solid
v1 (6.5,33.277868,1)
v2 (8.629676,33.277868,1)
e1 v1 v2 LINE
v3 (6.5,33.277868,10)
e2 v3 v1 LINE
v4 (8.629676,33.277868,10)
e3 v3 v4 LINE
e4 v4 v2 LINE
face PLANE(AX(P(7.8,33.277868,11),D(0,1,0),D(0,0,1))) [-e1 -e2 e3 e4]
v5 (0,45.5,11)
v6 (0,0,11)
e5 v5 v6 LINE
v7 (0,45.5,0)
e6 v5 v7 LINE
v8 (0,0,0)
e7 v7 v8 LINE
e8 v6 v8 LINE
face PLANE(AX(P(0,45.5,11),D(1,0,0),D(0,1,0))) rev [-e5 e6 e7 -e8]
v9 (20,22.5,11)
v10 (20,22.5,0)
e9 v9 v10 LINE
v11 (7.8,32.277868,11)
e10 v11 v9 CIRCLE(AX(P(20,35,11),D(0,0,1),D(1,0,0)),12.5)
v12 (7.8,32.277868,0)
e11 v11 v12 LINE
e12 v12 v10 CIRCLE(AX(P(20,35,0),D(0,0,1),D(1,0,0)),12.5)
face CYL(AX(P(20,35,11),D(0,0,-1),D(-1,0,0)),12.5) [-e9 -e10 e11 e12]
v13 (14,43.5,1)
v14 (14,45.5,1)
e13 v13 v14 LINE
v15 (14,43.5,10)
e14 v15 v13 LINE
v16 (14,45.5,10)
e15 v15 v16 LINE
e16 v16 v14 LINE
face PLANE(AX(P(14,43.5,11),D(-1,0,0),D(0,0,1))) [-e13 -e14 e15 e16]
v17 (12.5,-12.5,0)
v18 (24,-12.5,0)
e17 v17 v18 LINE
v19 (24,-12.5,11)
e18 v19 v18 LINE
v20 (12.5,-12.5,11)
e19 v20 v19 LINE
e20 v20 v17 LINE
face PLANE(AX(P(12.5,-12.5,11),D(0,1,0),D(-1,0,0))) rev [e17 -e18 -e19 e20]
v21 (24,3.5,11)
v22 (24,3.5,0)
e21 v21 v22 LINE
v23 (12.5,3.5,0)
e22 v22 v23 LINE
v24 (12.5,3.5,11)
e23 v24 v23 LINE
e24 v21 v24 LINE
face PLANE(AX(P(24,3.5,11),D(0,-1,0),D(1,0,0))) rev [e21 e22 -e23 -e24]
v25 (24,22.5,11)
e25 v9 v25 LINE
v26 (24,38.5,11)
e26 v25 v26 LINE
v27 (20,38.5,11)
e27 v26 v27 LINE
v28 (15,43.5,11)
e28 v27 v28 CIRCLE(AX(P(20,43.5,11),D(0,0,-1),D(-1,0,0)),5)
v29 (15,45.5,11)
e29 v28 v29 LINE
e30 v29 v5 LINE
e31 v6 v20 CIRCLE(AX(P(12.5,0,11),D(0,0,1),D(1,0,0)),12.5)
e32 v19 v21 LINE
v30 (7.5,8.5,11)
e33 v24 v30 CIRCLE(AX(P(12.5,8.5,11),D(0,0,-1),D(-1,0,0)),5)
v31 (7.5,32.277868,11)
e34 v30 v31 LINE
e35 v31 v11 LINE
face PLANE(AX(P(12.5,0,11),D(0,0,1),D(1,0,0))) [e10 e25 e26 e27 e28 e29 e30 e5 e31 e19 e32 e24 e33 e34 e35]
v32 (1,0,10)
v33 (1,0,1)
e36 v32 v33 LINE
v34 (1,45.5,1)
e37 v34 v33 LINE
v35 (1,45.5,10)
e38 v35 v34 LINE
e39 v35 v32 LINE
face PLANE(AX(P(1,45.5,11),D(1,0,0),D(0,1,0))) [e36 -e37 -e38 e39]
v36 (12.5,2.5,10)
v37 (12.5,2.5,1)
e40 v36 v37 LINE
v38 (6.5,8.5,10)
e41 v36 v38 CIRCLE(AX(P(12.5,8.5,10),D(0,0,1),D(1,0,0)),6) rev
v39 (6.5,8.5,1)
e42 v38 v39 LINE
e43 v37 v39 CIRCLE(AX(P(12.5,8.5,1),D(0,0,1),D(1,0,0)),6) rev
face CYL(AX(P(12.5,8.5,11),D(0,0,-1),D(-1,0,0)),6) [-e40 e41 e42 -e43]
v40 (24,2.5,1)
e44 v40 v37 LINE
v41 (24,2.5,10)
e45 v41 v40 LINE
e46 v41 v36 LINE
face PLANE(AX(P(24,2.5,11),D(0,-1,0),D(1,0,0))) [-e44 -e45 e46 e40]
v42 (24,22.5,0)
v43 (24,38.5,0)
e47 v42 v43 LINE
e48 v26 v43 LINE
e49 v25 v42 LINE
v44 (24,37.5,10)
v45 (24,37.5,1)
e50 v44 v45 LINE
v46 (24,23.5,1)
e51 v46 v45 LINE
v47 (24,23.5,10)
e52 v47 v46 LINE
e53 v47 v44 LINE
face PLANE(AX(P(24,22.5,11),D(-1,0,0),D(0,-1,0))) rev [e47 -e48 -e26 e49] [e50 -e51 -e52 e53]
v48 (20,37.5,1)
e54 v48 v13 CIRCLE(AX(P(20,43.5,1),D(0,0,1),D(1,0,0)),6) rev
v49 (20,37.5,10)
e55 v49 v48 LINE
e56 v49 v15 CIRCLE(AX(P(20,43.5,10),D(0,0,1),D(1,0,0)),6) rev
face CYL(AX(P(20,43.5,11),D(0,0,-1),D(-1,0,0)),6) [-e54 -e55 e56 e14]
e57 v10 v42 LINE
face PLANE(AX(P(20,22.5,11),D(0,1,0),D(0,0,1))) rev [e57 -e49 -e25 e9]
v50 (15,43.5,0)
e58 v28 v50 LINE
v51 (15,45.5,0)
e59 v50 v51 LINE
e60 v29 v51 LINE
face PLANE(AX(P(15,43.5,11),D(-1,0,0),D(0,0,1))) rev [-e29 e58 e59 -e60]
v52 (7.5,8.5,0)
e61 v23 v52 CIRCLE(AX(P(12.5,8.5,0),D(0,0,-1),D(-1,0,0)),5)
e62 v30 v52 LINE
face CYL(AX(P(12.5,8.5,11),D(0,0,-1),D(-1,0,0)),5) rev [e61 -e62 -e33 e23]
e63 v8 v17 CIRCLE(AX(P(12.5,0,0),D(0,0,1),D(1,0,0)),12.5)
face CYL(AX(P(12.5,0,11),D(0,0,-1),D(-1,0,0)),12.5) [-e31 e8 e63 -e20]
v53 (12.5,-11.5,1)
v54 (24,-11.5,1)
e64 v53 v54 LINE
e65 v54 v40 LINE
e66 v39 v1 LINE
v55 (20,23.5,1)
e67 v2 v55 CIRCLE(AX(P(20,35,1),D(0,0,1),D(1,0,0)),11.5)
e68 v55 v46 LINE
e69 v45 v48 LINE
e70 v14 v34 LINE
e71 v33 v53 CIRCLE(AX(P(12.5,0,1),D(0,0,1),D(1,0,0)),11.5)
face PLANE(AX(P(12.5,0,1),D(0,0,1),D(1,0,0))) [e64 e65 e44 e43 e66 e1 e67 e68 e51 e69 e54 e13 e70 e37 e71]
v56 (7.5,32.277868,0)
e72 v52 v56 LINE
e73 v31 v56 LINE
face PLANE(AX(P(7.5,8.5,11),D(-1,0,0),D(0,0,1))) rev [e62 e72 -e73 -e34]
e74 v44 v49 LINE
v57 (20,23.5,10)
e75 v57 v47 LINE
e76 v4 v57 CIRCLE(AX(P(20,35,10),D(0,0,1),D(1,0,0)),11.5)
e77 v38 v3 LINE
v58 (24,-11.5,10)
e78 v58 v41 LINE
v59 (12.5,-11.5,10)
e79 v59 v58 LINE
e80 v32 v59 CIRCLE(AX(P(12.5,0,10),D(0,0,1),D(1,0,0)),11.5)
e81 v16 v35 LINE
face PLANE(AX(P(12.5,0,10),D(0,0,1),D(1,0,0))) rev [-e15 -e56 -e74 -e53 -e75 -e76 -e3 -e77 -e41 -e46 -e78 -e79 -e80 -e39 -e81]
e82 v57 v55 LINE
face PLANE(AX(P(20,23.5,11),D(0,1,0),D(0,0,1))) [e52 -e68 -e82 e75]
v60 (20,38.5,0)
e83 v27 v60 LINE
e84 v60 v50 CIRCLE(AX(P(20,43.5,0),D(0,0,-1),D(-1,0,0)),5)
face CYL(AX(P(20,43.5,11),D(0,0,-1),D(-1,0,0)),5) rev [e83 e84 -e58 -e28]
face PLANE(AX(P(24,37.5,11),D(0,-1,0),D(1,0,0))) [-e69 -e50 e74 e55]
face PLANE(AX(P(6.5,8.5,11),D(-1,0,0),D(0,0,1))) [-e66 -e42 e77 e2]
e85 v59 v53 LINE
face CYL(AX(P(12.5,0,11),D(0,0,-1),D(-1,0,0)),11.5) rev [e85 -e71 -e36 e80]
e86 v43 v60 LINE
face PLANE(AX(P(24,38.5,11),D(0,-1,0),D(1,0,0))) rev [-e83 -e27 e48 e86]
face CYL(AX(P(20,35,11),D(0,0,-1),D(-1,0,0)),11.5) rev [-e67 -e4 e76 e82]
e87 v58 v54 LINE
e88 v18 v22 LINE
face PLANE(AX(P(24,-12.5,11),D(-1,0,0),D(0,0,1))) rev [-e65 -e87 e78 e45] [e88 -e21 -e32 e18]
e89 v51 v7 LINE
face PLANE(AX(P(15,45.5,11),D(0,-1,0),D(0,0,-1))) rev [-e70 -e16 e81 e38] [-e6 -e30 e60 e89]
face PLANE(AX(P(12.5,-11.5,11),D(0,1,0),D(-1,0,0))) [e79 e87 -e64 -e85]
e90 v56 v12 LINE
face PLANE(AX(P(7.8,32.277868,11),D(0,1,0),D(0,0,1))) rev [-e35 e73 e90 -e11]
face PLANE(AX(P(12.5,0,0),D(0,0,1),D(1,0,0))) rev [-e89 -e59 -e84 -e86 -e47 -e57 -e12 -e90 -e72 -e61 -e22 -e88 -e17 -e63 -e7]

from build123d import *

# Parameters (mm, degrees)
RESSALTO_EXTRUS_O1_DEPTH = 11
CASCA2_T                 = -1


with BuildPart() as part:
    # Esboço1 → Ressalto-extrusão1 (new body)
    with BuildSketch(Plane.XY):
        with BuildLine():
            Line((0, 45.5), (0, 0))
            ThreePointArc((0, 0), (3.661165235, -8.838834765), (12.5, -12.5))
            Line((12.5, -12.5), (24, -12.5))
            Line((24, -12.5), (24, 3.5))
            Line((24, 3.5), (12.5, 3.5))
            ThreePointArc((12.5, 3.5), (8.964466094, 4.964466094), (7.5, 8.5))
            Line((7.5, 8.5), (7.5, 32.277868482))
            Line((7.5, 32.277868482), (7.8, 32.277868482))
            ThreePointArc((7.8, 32.277868482), (12.182604141, 25.246112468), (20, 22.5))
            Line((20, 22.5), (24, 22.5))
            Line((24, 22.5), (24, 38.5))
            Line((24, 38.5), (20, 38.5))
            ThreePointArc((20, 38.5), (16.464466094, 39.964466094), (15, 43.5))
            Line((15, 43.5), (15, 45.5))
            Line((15, 45.5), (0, 45.5))
        make_face()
    extrude(amount=RESSALTO_EXTRUS_O1_DEPTH)

    # Casca2
    casca2_openings = [part.faces().sort_by_distance(p)[0] for p in [
        (24, 30.5, 5.5),
        (24, -4.5, 5.5),
        (7.5, 45.5, 5.5),
    ]]
    offset(amount=CASCA2_T, openings=casca2_openings, kind=Kind.INTERSECTION)


solid = part.part
